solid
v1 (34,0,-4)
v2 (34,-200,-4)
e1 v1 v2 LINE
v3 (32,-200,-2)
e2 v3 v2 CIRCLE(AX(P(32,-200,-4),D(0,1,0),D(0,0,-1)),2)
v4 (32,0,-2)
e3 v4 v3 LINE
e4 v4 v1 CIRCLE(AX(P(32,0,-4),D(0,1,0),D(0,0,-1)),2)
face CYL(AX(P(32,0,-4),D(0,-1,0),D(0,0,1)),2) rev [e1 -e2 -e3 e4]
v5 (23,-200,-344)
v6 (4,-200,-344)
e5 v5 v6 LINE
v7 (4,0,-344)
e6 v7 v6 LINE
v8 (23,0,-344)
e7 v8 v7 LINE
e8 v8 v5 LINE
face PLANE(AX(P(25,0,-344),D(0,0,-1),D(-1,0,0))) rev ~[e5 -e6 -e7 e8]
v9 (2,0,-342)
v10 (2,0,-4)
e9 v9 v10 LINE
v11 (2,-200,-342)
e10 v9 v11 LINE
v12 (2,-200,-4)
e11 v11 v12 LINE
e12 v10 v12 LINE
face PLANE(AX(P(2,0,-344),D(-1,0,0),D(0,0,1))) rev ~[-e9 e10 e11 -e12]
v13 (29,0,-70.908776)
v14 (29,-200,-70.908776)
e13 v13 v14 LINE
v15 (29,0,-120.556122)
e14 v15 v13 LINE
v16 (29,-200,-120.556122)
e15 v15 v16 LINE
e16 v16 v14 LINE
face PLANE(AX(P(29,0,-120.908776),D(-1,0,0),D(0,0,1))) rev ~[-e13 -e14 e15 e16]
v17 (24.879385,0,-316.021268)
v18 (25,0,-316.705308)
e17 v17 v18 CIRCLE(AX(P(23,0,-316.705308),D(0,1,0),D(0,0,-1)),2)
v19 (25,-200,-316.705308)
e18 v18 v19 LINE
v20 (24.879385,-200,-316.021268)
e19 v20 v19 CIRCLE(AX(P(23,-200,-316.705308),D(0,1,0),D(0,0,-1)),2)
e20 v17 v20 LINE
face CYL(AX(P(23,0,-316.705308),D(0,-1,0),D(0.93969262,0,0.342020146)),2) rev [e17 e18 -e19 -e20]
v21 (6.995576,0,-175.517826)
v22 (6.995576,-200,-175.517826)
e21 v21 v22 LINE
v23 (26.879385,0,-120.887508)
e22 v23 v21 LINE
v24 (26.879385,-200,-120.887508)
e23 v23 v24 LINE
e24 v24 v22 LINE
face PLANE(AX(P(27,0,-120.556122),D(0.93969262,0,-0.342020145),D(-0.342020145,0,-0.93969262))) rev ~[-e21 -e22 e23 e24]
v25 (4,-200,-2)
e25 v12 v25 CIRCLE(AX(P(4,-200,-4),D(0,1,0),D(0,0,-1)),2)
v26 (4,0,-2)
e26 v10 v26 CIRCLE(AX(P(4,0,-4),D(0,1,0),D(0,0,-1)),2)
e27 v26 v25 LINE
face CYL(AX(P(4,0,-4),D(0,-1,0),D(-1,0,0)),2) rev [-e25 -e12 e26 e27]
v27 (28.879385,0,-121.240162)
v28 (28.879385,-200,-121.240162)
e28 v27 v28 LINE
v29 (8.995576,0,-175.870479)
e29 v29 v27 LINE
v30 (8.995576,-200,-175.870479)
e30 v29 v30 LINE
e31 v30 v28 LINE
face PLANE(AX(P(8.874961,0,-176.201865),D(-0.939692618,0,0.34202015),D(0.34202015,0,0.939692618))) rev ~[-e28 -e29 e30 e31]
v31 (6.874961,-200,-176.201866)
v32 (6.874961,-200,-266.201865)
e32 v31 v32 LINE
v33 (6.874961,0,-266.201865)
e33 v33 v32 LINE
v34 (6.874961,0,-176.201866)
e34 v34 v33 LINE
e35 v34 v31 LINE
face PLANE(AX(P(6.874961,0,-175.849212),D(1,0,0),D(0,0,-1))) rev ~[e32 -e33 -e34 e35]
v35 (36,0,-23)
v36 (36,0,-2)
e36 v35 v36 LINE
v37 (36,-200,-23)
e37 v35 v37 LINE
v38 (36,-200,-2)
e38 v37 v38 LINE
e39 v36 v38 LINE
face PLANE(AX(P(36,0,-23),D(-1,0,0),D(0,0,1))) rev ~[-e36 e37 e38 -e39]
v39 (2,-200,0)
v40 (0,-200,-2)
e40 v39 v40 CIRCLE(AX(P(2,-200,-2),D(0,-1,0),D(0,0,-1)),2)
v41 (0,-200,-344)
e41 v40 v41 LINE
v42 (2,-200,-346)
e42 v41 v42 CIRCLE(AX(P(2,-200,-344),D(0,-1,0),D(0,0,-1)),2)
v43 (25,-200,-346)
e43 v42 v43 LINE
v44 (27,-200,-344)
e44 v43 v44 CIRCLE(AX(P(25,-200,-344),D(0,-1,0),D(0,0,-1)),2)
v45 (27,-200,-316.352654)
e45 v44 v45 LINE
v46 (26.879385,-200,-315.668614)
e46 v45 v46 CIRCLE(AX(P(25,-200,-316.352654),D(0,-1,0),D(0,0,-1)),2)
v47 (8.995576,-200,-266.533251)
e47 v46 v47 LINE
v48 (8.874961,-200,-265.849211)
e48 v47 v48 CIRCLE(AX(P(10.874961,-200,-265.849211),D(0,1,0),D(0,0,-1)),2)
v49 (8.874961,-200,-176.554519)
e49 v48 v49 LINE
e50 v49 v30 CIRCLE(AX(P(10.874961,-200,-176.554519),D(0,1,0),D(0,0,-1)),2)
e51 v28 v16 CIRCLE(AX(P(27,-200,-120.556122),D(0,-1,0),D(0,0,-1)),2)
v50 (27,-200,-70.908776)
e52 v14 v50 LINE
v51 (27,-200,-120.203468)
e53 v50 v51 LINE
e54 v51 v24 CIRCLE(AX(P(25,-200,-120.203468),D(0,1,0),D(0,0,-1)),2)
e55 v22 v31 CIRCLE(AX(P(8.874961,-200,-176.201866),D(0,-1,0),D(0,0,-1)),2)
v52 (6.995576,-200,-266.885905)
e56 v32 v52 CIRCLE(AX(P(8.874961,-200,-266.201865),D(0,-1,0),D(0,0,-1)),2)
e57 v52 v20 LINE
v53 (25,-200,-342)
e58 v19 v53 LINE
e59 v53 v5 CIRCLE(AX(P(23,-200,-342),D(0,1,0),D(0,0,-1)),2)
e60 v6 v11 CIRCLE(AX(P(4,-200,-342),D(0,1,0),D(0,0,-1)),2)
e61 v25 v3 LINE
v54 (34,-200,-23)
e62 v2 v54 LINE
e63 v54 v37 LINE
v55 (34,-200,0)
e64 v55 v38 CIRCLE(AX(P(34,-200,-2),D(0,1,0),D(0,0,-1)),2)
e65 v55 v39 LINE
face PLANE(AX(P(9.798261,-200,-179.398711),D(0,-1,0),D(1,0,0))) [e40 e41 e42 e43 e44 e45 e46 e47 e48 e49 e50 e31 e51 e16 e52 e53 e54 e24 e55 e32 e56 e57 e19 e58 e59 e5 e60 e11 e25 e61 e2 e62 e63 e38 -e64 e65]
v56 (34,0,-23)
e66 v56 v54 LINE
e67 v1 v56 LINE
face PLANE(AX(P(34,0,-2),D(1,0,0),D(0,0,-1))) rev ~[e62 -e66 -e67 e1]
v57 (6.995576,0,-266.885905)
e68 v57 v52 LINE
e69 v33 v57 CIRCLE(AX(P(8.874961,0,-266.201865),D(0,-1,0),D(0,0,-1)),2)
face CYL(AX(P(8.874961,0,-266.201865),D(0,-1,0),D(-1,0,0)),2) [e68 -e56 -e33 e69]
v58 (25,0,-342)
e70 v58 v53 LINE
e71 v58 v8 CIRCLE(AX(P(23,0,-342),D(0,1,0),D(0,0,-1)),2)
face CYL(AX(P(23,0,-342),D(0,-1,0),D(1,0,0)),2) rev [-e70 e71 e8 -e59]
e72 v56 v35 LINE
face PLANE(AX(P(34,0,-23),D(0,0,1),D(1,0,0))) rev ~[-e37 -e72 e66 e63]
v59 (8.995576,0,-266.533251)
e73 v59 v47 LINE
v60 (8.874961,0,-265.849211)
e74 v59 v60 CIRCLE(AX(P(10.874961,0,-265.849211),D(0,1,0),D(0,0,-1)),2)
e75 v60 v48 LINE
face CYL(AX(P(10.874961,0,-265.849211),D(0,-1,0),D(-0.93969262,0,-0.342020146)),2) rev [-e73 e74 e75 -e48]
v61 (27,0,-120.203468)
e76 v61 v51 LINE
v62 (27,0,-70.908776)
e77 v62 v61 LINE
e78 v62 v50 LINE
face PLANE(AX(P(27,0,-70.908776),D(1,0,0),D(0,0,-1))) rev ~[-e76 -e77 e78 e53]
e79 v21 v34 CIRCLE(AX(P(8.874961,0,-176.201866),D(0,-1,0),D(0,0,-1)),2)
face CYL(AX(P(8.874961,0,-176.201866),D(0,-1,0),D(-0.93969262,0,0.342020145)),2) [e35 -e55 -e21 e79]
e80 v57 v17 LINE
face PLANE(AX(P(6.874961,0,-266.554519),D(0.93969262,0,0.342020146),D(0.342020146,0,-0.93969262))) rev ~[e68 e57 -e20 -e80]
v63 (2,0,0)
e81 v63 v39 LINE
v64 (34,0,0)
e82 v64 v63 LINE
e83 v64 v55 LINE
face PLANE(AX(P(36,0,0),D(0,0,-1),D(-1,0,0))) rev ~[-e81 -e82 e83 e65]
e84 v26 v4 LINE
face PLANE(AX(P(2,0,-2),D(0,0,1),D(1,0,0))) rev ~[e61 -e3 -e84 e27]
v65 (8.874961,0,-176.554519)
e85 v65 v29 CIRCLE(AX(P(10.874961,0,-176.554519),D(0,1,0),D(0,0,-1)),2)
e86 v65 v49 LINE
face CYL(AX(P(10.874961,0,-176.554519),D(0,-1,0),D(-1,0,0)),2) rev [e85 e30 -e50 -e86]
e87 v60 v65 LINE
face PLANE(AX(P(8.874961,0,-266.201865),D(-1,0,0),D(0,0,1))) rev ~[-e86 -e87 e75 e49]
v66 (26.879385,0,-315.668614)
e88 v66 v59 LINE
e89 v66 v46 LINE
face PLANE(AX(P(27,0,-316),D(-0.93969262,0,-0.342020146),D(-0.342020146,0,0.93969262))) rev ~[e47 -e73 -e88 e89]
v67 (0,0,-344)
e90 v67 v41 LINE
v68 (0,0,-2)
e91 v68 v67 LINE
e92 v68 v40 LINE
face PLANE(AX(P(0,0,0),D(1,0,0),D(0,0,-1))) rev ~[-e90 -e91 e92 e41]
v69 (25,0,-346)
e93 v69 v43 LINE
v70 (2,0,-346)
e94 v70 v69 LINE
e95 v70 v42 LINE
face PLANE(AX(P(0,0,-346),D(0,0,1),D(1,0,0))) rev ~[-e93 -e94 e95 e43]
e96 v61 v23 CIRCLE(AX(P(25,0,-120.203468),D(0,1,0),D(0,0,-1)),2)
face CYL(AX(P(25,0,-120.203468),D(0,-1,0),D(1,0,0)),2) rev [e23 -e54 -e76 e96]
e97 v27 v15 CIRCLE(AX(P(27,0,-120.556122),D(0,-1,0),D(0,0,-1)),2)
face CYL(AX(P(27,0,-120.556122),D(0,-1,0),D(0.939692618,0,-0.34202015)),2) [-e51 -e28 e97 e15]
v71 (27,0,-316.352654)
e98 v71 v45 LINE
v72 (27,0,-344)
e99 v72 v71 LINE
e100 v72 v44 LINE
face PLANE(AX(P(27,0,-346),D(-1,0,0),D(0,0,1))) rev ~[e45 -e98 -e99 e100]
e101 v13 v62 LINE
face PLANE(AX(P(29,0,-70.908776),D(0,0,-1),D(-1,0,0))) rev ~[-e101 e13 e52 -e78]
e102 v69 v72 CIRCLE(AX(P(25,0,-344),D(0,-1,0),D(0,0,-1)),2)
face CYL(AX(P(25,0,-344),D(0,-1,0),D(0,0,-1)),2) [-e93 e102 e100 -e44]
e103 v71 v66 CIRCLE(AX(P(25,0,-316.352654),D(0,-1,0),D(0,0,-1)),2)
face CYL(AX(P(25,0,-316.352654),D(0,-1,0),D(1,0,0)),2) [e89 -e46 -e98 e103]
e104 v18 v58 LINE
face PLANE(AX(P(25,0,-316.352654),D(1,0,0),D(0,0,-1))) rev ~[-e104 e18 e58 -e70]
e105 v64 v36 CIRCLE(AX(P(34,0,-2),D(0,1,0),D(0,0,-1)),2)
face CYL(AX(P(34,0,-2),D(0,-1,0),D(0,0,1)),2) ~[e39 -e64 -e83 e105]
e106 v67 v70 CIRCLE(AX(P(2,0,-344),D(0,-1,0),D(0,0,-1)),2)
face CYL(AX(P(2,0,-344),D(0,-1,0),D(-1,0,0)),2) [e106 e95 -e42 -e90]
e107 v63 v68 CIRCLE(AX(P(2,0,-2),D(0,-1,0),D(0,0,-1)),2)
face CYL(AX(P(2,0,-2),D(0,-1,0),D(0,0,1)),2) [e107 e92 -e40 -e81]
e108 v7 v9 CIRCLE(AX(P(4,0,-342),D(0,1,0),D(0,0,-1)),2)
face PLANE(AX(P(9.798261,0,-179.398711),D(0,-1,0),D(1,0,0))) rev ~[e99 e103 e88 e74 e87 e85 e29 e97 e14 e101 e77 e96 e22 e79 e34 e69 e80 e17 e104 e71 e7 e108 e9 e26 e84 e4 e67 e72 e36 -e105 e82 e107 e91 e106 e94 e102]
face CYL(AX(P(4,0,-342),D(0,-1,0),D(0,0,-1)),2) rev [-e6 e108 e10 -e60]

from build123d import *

# Parameters (mm, degrees)
F1_DEPTH = 200
F2_R     = 2


with BuildPart() as f1:
    # F0 (on Front) → F1 (new body)
    with BuildSketch(Plane.XZ):
        Polygon((36, 0), (0, 0), (0, -346), (27, -346), (27, -316), (8.874961, -266.201865), (8.874961, -176.201865), (29, -120.908776), (29, -70.908776), (27, -70.908776), (27, -120.556122), (6.874961, -175.849212), (6.874961, -266.554519), (25, -316.352654), (25, -344), (2, -344), (2, -2), (34, -2), (34, -23), (36, -23), align=None)
    extrude(amount=F1_DEPTH)

    # F2
    f2_edges = [f1.edges().sort_by_distance(p)[0] for p in [
        (0, -100, 0),
        (36, -100, 0),
        (34, -100, -2),
        (2, -100, -2),
        (0, -100, -346),
        (2, -100, -344),
        (27, -100, -346),
        (25, -100, -344),
        (25, -100, -316.352654),
        (27, -100, -316),
        (8.874961, -100, -266.201865),
        (6.874961, -100, -266.554519),
        (6.874961, -100, -175.849212),
        (8.874961, -100, -176.201865),
        (29, -100, -120.908776),
        (27, -100, -120.556122),
    ]]
    fillet(f2_edges, radius=F2_R)


solid = f1.part
